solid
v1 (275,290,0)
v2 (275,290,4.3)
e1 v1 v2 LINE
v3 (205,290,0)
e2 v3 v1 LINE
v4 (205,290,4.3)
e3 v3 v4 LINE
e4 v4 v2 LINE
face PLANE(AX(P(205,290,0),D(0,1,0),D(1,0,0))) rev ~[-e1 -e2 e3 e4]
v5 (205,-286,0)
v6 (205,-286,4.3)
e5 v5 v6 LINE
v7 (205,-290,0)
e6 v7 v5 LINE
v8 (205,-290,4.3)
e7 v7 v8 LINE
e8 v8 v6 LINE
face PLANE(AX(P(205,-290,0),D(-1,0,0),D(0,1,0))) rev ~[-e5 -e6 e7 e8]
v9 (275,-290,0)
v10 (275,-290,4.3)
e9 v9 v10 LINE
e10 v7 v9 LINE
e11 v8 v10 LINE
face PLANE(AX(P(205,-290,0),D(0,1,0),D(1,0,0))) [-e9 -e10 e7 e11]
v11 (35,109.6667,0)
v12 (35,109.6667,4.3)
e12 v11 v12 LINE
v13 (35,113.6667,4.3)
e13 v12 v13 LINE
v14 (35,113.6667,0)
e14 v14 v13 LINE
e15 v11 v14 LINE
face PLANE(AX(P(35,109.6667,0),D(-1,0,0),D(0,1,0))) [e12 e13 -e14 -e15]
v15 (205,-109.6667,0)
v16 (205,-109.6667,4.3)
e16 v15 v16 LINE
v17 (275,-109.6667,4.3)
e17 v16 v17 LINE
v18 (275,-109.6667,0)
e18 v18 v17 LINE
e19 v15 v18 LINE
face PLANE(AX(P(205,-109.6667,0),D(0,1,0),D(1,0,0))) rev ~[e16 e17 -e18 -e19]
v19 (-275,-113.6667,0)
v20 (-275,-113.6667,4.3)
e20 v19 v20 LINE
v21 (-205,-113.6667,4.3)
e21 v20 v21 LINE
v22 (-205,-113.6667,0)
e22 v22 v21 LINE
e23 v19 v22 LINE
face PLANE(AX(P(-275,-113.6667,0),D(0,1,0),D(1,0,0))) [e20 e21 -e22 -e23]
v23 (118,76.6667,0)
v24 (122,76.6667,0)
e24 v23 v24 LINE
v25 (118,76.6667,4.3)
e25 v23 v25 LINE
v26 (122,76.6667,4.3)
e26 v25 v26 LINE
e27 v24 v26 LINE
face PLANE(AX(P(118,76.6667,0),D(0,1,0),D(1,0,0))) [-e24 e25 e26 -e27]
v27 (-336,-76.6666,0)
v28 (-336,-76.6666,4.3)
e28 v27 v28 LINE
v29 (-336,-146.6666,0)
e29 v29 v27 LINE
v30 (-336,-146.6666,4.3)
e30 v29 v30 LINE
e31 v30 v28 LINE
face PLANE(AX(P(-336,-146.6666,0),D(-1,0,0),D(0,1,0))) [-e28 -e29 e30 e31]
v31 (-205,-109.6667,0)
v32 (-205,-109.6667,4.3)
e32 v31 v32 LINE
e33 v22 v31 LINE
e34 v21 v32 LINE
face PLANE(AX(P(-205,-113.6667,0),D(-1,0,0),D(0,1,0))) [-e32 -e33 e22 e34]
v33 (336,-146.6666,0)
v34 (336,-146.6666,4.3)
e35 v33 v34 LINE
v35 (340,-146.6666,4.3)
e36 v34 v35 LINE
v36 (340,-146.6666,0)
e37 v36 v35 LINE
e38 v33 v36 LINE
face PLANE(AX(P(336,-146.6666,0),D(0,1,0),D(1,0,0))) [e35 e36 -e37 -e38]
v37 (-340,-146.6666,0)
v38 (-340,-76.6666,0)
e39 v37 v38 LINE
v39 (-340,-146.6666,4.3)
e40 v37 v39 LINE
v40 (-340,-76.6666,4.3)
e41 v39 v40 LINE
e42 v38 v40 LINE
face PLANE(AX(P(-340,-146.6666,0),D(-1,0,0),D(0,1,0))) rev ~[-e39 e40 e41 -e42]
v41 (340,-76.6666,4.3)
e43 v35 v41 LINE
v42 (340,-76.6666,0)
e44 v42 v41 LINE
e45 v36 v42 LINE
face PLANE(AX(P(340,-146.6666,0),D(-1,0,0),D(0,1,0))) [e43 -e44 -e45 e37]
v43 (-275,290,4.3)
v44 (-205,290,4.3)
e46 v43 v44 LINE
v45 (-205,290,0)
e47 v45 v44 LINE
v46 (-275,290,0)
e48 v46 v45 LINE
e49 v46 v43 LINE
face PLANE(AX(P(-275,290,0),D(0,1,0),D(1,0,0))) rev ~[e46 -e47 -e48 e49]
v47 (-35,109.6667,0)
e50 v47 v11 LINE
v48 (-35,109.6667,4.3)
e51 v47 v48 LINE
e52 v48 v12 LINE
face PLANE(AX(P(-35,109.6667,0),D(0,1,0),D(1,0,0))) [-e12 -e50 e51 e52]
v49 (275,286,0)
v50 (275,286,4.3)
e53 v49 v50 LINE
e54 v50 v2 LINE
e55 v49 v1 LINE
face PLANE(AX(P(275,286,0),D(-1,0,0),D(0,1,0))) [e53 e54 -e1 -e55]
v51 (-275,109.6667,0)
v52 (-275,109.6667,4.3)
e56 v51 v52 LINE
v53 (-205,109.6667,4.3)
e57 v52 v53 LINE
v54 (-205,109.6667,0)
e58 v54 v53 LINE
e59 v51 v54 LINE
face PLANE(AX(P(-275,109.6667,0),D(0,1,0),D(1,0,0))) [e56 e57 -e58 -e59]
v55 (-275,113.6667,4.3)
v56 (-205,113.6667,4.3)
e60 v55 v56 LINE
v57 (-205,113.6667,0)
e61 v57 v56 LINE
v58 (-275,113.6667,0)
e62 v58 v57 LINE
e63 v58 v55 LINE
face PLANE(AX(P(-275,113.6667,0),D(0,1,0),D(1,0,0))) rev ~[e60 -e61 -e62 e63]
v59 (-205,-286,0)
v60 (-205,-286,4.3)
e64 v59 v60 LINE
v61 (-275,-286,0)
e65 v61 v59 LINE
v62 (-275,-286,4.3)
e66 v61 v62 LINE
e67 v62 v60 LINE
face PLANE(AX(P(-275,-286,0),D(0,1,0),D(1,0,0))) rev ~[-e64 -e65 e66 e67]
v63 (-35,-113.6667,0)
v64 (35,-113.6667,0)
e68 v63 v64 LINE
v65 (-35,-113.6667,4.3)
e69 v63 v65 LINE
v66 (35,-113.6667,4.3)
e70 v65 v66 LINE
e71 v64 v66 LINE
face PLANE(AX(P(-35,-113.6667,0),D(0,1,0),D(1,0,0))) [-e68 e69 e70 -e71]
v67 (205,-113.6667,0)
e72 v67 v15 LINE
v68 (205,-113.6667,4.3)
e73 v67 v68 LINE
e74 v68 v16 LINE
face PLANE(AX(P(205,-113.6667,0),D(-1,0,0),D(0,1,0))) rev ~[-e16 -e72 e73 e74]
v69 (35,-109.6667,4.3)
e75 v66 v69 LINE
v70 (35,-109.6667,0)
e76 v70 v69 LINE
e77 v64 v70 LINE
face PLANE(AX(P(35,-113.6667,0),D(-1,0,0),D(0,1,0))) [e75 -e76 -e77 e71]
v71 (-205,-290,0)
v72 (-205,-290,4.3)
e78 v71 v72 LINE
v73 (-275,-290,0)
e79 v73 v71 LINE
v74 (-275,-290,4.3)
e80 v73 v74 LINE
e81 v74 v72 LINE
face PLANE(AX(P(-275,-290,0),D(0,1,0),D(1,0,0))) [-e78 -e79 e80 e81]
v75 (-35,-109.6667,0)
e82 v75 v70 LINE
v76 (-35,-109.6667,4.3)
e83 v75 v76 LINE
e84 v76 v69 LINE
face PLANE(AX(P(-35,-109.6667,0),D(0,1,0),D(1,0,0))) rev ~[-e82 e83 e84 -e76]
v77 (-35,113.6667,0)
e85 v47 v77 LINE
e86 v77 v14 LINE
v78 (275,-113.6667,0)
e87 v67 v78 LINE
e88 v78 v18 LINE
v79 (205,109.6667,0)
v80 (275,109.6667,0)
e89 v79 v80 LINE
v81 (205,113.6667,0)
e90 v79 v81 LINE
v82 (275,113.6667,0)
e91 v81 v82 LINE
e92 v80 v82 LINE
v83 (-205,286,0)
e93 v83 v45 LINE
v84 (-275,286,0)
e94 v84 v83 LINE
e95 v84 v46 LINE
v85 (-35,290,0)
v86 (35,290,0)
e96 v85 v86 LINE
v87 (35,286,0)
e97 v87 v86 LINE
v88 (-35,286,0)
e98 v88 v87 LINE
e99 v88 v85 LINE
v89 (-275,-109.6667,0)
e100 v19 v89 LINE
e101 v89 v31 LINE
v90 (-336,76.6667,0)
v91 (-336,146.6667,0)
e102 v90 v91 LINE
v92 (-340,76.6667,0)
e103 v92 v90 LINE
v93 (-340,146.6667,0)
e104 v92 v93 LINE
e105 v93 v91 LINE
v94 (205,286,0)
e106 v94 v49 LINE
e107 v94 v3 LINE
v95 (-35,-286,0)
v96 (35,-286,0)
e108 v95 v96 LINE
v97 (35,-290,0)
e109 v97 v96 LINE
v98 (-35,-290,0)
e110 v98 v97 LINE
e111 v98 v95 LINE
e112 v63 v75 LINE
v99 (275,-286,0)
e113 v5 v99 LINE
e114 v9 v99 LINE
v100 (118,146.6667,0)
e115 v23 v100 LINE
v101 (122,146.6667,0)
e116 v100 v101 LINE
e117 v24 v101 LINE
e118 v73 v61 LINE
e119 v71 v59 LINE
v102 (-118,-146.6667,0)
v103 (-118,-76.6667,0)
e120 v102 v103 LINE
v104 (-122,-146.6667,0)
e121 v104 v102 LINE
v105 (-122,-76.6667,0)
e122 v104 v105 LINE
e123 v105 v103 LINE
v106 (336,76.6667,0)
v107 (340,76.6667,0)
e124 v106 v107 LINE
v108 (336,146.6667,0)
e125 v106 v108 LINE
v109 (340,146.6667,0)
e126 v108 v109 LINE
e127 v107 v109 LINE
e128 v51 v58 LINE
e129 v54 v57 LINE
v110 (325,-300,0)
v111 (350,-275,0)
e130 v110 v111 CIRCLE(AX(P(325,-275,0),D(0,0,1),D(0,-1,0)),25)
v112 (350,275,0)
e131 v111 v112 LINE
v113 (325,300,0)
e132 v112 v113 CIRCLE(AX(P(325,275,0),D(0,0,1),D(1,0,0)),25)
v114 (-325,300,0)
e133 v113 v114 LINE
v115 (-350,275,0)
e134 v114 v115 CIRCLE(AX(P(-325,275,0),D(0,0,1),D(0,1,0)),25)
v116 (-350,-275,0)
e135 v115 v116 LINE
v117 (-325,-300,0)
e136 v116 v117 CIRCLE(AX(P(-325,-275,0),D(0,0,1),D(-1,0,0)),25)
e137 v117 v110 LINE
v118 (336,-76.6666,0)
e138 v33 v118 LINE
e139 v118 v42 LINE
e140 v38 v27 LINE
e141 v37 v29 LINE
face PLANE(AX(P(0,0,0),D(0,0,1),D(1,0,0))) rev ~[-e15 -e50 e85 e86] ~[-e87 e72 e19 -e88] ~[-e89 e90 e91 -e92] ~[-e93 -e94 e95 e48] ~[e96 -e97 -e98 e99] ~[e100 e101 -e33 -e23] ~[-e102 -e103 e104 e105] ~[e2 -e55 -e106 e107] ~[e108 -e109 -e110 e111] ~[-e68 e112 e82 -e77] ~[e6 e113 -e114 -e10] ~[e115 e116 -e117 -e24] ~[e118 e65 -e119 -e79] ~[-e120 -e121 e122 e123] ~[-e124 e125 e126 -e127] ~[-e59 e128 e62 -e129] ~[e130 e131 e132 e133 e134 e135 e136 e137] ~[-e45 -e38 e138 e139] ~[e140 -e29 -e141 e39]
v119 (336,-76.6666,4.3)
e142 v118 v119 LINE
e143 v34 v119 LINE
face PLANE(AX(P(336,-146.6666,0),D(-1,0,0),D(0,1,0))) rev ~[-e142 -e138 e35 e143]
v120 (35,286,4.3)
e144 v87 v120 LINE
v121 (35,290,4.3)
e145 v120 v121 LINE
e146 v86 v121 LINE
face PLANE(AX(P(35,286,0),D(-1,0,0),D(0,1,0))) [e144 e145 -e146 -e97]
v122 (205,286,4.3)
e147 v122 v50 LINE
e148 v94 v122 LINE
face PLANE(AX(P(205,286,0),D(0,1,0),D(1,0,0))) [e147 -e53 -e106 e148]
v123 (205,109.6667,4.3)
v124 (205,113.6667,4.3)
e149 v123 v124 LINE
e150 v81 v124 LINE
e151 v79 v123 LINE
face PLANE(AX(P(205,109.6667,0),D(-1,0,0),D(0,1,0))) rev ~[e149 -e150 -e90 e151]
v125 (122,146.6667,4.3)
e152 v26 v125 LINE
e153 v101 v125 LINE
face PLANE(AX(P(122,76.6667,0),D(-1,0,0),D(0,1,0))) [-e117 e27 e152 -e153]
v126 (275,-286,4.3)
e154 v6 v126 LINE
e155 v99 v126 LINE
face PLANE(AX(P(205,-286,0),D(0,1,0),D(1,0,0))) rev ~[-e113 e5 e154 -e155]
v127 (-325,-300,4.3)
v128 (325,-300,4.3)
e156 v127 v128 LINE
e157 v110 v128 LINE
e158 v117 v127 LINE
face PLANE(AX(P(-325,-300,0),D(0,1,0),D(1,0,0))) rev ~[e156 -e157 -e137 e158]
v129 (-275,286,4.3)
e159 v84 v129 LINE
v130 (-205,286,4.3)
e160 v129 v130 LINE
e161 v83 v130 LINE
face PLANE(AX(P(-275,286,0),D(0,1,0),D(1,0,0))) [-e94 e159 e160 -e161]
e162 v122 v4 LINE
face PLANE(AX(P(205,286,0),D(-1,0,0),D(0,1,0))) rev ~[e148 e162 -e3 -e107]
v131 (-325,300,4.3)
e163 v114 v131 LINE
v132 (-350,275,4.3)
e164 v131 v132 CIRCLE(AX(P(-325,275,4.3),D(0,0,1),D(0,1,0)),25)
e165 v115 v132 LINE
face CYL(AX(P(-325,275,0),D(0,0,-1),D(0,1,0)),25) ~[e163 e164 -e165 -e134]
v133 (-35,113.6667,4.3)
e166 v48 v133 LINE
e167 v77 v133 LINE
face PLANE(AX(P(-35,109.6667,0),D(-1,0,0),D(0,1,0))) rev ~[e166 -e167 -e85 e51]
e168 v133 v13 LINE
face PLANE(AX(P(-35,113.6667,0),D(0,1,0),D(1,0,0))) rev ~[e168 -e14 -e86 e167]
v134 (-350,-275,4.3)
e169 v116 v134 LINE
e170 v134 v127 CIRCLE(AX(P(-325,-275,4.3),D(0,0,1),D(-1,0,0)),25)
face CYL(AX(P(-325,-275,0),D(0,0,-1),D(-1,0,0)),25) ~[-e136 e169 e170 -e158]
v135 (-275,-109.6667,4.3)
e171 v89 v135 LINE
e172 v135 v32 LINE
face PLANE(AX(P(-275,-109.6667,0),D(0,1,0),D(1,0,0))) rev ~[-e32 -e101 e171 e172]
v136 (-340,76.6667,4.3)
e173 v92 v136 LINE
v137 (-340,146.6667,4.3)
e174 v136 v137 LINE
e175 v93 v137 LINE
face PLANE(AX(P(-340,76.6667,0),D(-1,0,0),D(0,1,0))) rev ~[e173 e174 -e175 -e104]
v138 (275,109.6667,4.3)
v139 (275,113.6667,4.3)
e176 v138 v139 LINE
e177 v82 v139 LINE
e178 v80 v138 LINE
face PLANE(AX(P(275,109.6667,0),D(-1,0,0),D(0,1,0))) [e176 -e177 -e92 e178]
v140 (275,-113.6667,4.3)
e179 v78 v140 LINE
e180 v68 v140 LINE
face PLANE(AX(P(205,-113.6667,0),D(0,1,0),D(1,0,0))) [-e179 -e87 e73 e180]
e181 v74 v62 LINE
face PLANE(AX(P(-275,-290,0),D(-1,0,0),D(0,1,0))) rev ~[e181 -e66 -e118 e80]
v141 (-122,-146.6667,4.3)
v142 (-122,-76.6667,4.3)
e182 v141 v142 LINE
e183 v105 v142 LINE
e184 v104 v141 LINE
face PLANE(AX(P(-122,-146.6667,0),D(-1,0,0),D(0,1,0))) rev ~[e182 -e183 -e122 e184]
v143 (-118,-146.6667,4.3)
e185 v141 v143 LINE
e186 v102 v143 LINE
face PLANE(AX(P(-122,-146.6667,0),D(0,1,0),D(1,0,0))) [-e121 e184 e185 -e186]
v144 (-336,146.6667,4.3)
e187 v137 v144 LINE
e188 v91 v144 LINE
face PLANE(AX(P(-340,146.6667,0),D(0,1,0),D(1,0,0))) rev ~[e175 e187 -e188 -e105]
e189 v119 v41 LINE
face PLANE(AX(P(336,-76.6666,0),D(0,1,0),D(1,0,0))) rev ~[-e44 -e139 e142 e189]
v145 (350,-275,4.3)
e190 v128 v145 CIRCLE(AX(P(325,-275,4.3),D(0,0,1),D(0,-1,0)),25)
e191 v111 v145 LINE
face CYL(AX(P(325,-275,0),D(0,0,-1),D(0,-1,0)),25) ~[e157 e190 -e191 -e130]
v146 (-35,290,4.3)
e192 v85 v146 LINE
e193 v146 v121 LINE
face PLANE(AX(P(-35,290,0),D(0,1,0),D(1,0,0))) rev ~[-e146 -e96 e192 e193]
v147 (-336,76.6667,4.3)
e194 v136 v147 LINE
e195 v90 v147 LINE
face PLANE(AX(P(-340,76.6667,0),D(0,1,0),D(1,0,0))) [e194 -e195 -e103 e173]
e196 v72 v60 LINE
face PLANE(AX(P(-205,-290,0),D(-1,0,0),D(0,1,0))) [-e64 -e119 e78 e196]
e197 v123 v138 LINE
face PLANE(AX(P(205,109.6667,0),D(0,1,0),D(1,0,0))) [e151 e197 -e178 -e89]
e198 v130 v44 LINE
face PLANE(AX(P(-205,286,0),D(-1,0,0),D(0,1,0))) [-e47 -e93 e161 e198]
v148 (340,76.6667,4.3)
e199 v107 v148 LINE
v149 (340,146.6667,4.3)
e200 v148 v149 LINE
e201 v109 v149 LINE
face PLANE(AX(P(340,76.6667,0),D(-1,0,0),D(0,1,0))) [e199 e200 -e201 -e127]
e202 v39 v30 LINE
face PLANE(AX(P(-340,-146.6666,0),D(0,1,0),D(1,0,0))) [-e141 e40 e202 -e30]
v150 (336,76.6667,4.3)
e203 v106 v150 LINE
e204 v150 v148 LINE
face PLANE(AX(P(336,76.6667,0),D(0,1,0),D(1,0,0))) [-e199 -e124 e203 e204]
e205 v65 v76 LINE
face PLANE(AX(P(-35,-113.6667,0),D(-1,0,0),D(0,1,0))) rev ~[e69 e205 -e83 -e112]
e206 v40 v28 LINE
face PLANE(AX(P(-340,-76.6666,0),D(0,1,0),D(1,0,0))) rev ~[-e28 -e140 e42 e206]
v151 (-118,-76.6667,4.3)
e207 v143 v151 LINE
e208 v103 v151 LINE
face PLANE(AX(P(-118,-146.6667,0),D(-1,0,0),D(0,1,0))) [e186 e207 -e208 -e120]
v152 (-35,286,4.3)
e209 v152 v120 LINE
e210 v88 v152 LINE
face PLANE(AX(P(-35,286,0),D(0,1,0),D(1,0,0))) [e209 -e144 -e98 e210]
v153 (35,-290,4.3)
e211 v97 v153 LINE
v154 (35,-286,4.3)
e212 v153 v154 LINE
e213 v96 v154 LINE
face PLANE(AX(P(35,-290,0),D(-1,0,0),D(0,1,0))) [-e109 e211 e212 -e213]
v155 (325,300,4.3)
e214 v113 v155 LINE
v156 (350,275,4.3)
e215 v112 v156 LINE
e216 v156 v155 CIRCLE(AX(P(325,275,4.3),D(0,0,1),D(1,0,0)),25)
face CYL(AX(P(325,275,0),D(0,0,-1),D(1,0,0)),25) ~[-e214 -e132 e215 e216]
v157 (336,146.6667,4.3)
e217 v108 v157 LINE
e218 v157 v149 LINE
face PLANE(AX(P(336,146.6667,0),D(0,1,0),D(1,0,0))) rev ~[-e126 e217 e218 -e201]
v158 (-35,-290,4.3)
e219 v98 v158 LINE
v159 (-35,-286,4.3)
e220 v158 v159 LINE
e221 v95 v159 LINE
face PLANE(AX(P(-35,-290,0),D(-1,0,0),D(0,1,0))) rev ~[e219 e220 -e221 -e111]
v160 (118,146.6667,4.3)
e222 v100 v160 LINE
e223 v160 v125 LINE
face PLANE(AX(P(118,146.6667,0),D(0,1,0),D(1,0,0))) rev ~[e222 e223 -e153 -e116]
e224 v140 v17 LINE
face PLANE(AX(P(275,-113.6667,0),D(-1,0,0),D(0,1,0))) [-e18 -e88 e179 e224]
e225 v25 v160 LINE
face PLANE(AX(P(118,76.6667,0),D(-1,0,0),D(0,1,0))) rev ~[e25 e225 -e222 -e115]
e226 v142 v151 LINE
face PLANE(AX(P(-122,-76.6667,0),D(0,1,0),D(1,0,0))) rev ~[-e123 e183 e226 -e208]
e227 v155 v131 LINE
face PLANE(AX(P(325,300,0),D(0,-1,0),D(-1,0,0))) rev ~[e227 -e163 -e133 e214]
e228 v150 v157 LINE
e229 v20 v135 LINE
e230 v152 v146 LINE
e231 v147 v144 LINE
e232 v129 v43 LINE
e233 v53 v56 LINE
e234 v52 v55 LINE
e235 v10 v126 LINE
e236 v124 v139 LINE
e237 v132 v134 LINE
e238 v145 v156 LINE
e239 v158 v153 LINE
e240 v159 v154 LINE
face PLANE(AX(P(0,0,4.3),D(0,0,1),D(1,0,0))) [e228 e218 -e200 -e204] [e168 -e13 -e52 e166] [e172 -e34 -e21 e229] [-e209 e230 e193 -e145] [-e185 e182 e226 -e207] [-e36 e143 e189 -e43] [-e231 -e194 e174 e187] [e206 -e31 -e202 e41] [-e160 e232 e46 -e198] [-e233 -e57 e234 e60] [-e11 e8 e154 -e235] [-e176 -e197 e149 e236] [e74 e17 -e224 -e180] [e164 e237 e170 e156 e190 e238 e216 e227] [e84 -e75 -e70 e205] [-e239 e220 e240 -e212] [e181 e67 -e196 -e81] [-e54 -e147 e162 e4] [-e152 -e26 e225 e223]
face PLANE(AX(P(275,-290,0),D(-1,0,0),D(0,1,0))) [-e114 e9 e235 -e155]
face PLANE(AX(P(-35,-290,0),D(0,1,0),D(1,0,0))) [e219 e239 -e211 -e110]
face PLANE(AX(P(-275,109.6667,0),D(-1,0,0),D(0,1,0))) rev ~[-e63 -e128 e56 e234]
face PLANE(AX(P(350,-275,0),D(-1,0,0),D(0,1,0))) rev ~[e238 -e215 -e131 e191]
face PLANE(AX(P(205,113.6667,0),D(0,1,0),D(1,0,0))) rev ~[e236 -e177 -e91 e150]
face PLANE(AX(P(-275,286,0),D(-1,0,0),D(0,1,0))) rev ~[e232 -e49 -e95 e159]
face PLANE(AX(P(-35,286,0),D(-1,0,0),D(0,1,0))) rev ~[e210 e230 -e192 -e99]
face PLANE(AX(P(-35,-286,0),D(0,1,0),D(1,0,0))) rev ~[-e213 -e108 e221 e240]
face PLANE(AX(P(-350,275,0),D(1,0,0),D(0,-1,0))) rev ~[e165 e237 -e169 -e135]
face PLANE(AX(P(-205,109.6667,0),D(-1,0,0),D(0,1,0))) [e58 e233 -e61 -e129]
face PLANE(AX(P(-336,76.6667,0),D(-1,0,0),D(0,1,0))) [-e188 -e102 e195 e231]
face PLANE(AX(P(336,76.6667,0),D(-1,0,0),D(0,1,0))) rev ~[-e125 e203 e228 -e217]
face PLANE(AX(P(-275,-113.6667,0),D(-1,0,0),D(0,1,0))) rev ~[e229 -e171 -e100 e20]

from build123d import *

# Parameters (mm, degrees)
SKETCH1_W           = 70
SKETCH1_H           = 4
SKETCH1_W_2         = 4
SKETCH1_H_2         = 70
BOSS_EXTRUDE1_DEPTH = 4.3


with BuildPart() as part:
    # Sketch1 → Boss-Extrude1 (new body)
    with BuildSketch(Plane.XY):
        with BuildLine():
            Line((-325, -300), (325, -300))
            ThreePointArc((325, -300), (342.67766953, -292.67766953), (350, -275))
            Line((350, -275), (350, 275))
            ThreePointArc((350, 275), (342.67766953, 292.67766953), (325, 300))
            Line((325, 300), (-325, 300))
            ThreePointArc((-325, 300), (-342.67766953, 292.67766953), (-350, 275))
            Line((-350, 275), (-350, -275))
            ThreePointArc((-350, -275), (-342.67766953, -292.67766953), (-325, -300))
        make_face()
        with Locations((-240, -288)):
            Rectangle(SKETCH1_W, SKETCH1_H, mode=Mode.SUBTRACT)
        with Locations((338, -111.6666)):
            Rectangle(SKETCH1_W_2, SKETCH1_H_2, mode=Mode.SUBTRACT)
        with Locations((338, 111.6667)):
            Rectangle(SKETCH1_W_2, SKETCH1_H_2, mode=Mode.SUBTRACT)
        with Locations((0, -288)):
            Rectangle(SKETCH1_W, SKETCH1_H, mode=Mode.SUBTRACT)
        with Locations((240, -288)):
            Rectangle(SKETCH1_W, SKETCH1_H, mode=Mode.SUBTRACT)
        with Locations((-338, 111.6667)):
            Rectangle(SKETCH1_W_2, SKETCH1_H_2, mode=Mode.SUBTRACT)
        with Locations((-338, -111.6666)):
            Rectangle(SKETCH1_W_2, SKETCH1_H_2, mode=Mode.SUBTRACT)
        with Locations((120, 111.6667)):
            Rectangle(SKETCH1_W_2, SKETCH1_H_2, mode=Mode.SUBTRACT)
        with Locations((-120, -111.6667)):
            Rectangle(SKETCH1_W_2, SKETCH1_H_2, mode=Mode.SUBTRACT)
        with Locations((0, 111.6667)):
            Rectangle(SKETCH1_W, SKETCH1_H, mode=Mode.SUBTRACT)
        with Locations((-240, 111.6667)):
            Rectangle(SKETCH1_W, SKETCH1_H, mode=Mode.SUBTRACT)
        with Locations((240, 111.6667)):
            Rectangle(SKETCH1_W, SKETCH1_H, mode=Mode.SUBTRACT)
        with Locations((-240, -111.6667)):
            Rectangle(SKETCH1_W, SKETCH1_H, mode=Mode.SUBTRACT)
        with Locations((0, -111.6667)):
            Rectangle(SKETCH1_W, SKETCH1_H, mode=Mode.SUBTRACT)
        with Locations((240, -111.6667)):
            Rectangle(SKETCH1_W, SKETCH1_H, mode=Mode.SUBTRACT)
        with Locations((-240, 288)):
            Rectangle(SKETCH1_W, SKETCH1_H, mode=Mode.SUBTRACT)
        with Locations((0, 288)):
            Rectangle(SKETCH1_W, SKETCH1_H, mode=Mode.SUBTRACT)
        with Locations((240, 288)):
            Rectangle(SKETCH1_W, SKETCH1_H, mode=Mode.SUBTRACT)
    extrude(amount=BOSS_EXTRUDE1_DEPTH)


solid = part.part
